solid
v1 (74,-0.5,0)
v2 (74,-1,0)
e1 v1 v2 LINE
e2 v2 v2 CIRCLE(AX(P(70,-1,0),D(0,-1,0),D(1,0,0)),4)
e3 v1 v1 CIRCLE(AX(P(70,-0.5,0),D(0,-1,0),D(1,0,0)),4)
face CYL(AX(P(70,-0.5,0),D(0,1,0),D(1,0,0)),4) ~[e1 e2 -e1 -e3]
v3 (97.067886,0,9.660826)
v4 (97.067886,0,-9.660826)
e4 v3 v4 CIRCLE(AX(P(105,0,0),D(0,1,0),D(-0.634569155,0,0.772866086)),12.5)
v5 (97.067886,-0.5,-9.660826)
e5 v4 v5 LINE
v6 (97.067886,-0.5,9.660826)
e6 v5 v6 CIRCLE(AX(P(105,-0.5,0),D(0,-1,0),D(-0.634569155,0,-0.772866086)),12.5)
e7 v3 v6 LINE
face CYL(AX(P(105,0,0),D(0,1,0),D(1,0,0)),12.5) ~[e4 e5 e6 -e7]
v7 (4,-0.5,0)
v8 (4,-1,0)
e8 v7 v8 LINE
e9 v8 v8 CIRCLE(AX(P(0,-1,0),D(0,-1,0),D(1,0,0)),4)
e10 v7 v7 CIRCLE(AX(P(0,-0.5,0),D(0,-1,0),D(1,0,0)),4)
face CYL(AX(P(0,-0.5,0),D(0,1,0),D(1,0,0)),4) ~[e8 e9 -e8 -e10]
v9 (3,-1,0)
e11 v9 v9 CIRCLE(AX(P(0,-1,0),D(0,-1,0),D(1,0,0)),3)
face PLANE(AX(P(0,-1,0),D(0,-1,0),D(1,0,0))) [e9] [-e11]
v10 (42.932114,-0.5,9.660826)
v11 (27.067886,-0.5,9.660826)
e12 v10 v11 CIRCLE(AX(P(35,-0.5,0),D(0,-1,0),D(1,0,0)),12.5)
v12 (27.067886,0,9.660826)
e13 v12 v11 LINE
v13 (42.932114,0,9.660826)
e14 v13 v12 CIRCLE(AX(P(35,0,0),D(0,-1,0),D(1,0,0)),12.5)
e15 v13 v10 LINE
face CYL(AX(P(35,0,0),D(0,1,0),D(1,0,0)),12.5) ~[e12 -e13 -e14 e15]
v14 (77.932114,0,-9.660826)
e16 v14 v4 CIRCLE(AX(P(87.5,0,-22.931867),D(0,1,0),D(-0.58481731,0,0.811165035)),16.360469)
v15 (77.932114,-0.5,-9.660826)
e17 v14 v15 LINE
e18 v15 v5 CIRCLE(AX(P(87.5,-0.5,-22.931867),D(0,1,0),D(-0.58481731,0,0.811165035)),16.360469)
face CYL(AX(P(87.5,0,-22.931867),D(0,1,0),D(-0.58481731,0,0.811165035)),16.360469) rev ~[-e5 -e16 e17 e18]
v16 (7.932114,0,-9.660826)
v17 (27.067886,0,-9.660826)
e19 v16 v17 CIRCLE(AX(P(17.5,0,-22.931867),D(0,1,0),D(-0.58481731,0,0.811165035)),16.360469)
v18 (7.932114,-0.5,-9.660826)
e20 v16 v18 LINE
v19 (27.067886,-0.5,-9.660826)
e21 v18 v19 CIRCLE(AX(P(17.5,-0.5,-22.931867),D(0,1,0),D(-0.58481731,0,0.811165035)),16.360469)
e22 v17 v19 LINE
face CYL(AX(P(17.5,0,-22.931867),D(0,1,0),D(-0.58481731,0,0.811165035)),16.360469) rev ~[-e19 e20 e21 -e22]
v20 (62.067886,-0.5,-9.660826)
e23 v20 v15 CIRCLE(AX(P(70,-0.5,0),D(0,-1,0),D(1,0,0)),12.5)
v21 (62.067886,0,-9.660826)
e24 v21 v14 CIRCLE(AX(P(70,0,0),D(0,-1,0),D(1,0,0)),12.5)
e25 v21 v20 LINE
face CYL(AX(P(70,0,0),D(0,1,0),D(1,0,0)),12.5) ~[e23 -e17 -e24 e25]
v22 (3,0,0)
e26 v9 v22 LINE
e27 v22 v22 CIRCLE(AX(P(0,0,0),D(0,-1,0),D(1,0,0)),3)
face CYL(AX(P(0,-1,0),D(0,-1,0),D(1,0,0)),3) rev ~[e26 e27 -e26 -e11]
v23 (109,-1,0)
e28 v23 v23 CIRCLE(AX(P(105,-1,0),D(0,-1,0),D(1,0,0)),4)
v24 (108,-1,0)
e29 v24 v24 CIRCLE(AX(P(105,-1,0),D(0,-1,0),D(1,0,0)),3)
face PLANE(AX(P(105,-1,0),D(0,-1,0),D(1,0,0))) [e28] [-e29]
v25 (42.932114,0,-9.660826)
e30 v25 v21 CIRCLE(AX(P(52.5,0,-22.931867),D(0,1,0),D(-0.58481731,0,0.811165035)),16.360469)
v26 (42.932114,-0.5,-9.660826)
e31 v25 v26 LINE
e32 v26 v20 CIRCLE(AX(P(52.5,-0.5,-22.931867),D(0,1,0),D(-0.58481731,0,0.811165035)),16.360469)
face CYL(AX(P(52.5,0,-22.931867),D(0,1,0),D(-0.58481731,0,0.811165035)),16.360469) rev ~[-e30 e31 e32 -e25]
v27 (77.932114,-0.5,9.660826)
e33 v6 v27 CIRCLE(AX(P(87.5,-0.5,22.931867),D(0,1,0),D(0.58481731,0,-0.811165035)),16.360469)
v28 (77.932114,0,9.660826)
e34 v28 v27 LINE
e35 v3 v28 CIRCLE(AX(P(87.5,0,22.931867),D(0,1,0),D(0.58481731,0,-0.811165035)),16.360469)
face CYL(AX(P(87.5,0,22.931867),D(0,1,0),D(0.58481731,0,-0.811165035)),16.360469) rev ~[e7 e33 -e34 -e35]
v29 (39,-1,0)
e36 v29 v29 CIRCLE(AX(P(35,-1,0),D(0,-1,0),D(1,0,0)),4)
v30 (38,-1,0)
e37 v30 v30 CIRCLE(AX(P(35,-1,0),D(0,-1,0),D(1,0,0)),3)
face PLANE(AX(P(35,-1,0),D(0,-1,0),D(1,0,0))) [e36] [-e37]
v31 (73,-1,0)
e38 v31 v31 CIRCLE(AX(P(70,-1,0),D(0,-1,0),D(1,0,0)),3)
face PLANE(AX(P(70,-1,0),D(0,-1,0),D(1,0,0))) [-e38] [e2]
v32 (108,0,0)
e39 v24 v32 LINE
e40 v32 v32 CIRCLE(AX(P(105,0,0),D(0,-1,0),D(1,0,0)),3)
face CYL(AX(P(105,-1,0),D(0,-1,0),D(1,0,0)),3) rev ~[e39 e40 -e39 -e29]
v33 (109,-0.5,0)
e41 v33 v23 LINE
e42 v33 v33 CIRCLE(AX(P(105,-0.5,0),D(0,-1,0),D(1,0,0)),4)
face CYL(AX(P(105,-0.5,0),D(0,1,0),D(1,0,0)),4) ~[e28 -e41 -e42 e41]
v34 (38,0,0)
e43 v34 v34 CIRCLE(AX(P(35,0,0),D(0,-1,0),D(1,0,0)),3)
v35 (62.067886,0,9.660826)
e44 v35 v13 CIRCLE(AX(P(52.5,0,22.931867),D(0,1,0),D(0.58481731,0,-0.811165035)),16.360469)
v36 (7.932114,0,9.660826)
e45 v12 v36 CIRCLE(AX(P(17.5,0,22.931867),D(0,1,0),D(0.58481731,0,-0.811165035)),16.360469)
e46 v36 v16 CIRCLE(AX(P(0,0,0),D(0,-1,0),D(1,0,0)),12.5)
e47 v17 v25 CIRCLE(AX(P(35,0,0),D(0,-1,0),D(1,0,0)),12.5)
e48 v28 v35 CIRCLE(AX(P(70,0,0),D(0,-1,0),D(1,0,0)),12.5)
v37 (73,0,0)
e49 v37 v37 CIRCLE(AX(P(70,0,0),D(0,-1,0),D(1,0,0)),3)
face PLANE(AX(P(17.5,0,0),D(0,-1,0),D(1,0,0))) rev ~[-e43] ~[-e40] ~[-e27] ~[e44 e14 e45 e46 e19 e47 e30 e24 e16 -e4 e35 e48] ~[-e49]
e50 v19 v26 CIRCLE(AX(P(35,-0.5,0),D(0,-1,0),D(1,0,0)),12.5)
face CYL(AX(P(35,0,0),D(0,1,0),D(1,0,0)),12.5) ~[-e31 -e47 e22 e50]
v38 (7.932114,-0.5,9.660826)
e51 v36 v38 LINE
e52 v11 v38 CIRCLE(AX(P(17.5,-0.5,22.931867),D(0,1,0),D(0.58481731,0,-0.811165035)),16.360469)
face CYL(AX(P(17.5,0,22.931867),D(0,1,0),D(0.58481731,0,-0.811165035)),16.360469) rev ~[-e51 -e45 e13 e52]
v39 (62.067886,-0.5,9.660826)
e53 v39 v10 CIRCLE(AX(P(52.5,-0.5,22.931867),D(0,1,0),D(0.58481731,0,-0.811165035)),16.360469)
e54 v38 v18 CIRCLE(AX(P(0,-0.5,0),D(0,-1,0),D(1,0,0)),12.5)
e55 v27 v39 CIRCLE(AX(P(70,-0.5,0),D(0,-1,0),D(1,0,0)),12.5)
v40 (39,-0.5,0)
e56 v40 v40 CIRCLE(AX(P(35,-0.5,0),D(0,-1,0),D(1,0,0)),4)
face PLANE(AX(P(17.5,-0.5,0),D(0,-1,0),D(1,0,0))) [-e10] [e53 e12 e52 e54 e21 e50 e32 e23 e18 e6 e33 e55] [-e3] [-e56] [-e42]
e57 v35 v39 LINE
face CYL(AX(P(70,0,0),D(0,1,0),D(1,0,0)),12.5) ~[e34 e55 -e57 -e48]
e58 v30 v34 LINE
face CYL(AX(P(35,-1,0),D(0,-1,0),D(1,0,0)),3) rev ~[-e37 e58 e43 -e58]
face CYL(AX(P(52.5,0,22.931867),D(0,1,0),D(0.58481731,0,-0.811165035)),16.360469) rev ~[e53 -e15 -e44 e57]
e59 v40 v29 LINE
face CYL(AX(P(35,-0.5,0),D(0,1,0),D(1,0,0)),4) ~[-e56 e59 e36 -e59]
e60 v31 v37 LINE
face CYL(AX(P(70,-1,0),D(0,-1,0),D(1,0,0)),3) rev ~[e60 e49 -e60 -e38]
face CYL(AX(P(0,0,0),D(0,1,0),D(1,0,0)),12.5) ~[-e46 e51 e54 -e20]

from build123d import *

# Parameters (mm, degrees)
F1_R      = 12.5
F4_DEPTH  = 0.5
F5_R      = 4
F6_DEPTH  = 0.5
F3_R      = 3
F2_R      = 2.7
F7_R      = 3
F9_DEPTH  = 25
F14_DEPTH = 0.5


with BuildPart() as f4:
    # F1 (on Front) → F4 (new body)
    with BuildSketch(Plane.XZ):
        Circle(F1_R)
    extrude(amount=F4_DEPTH)

    # F5 (on face) → F6 (join)
    with BuildSketch(Plane.XZ.offset(0.5)):
        Circle(F5_R)
    extrude(amount=F6_DEPTH)

    # F3 (on Front) → F8 section 0
    with BuildSketch(Plane.XZ):
        Circle(F3_R)
    # F2 (on offset) → F8 section 1
    with BuildSketch(Plane.XZ.offset(1.5)):
        Circle(F2_R)
    loft(mode=Mode.SUBTRACT)

    # F7 (on face) → F9 (cut)
    with BuildSketch(Plane.XZ.offset(1)):
        Circle(F7_R)
    extrude(amount=-F9_DEPTH, mode=Mode.SUBTRACT)


with BuildPart() as f10_1:
    # F10: copy of F4
    add(f4.part.moved(Location((35, 0, 0))))


with BuildPart() as f11_1:
    # F11: copy of F4
    add(f4.part.moved(Location((105, 0, 0))))


with BuildPart() as f12_1:
    # F12: copy of F4
    add(f4.part.moved(Location((70, 0, 0))))


with BuildPart() as f4_1:
    add(f4.part)

    add(f10_1.part)  # F14 merges F10_1

    add(f11_1.part)  # F14 merges F11_1

    add(f12_1.part)  # F14 merges F12_1
    # F13 (on Front) → F14 (join)
    with BuildSketch(Plane.XZ):
        with BuildLine():
            ThreePointArc((27.0678855609, 9.6608260788), (17.5, 6.5713974561), (7.9321144391, 9.6608260788))
            Line((7.9321144391, 9.6608260788), (7.9321144391, -9.6608260788))
            ThreePointArc((7.9321144391, -9.6608260788), (17.5, -6.5713974561), (27.0678855609, -9.6608260788))
            Line((27.0678855609, -9.6608260788), (27.0678855609, 9.6608260788))
        make_face()
        with BuildLine():
            ThreePointArc((62.0678855609, 9.6608260788), (52.5, 6.5713974561), (42.9321144391, 9.6608260788))
            Line((42.9321144391, 9.6608260788), (42.9321144391, -9.6608260788))
            ThreePointArc((42.9321144391, -9.6608260788), (52.5, -6.5713974561), (62.0678855609, -9.6608260788))
            Line((62.0678855609, -9.6608260788), (62.0678855609, 9.6608260788))
        make_face()
        with BuildLine():
            ThreePointArc((97.0678855609, 9.6608260788), (87.5, 6.5713974561), (77.9321144391, 9.6608260788))
            Line((77.9321144391, 9.6608260788), (77.9321144391, -9.6608260788))
            ThreePointArc((77.9321144391, -9.6608260788), (87.5, -6.5713974561), (97.0678855609, -9.6608260788))
            Line((97.0678855609, -9.6608260788), (97.0678855609, 9.6608260788))
        make_face()
    extrude(amount=F14_DEPTH)


solid = f4_1.part
